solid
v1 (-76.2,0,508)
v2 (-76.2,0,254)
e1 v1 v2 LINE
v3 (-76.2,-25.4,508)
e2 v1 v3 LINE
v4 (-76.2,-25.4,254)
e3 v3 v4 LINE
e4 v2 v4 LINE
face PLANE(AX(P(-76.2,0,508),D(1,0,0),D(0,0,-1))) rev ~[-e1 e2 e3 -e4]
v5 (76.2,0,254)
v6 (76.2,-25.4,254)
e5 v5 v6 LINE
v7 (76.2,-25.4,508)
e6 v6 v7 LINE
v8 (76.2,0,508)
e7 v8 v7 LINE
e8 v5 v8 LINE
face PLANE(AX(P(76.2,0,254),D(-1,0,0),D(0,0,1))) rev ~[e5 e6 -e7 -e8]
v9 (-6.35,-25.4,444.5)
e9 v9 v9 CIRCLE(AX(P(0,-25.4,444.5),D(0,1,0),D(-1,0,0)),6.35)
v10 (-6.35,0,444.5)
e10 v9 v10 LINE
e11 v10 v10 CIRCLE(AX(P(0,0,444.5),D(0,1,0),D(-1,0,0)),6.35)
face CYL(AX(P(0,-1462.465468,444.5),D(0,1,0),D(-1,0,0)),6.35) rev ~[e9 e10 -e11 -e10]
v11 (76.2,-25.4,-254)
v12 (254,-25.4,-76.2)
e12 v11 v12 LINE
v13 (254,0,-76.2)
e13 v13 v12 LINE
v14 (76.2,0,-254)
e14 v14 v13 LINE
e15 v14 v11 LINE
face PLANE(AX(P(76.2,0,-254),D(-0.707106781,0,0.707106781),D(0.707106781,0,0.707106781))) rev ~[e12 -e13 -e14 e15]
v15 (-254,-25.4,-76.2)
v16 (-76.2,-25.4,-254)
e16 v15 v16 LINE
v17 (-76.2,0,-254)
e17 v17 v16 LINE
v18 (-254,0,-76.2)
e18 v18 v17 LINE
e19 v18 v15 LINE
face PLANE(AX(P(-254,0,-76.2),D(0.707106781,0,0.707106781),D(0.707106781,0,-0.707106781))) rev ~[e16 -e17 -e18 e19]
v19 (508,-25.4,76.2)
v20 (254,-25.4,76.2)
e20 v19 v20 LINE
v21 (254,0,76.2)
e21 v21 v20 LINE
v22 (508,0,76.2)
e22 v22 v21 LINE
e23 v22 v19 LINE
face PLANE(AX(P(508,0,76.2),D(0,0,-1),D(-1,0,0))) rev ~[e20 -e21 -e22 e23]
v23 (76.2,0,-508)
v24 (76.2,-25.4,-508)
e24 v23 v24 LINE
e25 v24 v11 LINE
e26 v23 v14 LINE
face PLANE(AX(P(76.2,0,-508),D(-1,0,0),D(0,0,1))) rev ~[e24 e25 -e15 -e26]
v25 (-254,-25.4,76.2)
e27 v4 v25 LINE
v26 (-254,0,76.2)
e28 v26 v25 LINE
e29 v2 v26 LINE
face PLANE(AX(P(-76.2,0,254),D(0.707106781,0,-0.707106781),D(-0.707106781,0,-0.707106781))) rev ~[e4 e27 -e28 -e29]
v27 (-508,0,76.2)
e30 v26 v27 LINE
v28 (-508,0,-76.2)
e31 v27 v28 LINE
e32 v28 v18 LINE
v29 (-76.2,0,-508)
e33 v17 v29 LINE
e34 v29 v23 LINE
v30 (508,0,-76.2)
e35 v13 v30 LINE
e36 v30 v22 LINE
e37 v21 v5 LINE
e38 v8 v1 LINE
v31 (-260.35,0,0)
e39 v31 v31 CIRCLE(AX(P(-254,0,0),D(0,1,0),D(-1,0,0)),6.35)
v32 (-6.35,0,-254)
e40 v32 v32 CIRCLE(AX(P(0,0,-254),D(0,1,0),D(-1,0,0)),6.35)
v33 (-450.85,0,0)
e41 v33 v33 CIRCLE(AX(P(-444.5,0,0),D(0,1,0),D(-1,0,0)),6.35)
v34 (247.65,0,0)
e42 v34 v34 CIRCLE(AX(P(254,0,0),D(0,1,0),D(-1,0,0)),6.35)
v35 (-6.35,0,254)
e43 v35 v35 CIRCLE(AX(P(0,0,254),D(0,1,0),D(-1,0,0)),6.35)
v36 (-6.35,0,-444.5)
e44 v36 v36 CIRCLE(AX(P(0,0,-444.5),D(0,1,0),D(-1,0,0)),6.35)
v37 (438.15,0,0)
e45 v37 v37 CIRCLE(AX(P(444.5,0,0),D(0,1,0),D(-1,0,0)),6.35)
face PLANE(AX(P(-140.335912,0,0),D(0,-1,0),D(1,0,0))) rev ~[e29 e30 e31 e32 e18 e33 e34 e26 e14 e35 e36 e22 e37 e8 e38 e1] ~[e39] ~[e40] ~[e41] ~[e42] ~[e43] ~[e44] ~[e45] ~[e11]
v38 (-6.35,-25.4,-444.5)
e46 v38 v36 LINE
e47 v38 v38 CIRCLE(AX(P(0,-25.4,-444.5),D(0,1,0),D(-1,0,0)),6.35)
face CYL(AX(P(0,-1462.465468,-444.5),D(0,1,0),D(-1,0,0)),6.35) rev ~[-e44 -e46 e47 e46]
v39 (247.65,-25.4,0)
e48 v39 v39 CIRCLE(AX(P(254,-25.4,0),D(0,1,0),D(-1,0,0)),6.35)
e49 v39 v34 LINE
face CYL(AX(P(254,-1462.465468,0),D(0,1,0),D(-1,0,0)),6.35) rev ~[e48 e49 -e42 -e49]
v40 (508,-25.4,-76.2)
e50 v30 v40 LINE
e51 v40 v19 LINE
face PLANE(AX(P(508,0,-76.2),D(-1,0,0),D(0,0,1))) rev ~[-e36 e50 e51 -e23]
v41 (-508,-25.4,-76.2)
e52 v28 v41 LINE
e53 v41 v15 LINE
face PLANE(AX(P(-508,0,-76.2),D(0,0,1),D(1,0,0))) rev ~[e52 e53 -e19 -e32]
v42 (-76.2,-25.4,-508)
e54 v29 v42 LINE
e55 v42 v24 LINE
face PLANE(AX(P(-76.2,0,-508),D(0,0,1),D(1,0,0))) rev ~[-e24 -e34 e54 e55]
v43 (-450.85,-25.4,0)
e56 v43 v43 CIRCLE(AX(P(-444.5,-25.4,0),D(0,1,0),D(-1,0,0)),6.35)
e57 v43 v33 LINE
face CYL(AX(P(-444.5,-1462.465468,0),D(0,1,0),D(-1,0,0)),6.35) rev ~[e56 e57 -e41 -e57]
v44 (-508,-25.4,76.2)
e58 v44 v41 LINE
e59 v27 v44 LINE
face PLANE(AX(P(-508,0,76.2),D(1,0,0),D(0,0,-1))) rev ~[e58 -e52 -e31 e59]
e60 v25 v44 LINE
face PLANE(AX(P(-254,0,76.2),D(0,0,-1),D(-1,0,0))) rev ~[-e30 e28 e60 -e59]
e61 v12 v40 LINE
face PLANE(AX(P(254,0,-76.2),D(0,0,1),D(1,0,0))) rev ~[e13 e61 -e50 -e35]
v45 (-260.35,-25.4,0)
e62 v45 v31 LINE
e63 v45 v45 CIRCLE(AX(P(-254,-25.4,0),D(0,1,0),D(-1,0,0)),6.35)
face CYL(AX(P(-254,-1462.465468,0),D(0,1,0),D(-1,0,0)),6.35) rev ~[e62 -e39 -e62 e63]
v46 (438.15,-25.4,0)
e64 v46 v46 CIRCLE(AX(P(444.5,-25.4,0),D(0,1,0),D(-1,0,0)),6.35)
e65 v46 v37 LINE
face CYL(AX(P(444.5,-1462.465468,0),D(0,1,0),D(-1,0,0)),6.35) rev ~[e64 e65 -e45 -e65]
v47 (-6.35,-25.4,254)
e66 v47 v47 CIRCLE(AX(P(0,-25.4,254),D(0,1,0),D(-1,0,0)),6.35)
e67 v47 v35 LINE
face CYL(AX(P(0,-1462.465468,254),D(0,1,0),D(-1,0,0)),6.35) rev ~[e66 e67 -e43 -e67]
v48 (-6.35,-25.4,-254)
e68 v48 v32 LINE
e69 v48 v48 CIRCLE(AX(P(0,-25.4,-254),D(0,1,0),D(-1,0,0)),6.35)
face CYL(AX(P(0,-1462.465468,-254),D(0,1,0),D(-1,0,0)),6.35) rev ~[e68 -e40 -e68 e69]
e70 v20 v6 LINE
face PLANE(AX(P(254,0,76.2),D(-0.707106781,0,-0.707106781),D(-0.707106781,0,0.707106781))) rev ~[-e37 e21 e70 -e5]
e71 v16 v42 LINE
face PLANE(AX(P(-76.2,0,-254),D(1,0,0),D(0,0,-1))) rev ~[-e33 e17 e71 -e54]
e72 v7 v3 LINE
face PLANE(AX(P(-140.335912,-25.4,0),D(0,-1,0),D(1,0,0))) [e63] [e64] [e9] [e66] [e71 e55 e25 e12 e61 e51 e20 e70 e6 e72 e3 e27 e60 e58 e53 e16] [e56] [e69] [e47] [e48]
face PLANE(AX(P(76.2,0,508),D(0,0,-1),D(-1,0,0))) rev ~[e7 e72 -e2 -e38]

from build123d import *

# Parameters (mm, degrees)
F1_DEPTH = 25.4
F3_D     = 12.7


with BuildPart() as f1:
    # F0 (on Front) → F1 (new body)
    with BuildSketch(Plane.XZ):
        Polygon((0, -508), (0, 0), (0, 508), (-76.2, 508), (-76.2, 254), (-254, 76.2), (-508, 76.2), (-508, -76.2), (-254, -76.2), (-76.2, -254), (-76.2, -508), align=None)
        Polygon((0, 508), (0, 0), (508, 0), (508, 76.2), (254, 76.2), (76.2, 254), (76.2, 508), align=None)
        Polygon((508, 0), (0, 0), (0, -508), (76.2, -508), (76.2, -254), (254, -76.2), (508, -76.2), align=None)
    extrude(amount=F1_DEPTH)

    # F3 (through all)
    with Locations(Plane.XZ.offset(25.4)):
        with Locations((0, 444.5), (0, 254), (254, 0), (444.5, 0), (0, -254), (0, -444.5), (-254, 0), (-444.5, 0)):
            Hole(F3_D / 2)


solid = f1.part
